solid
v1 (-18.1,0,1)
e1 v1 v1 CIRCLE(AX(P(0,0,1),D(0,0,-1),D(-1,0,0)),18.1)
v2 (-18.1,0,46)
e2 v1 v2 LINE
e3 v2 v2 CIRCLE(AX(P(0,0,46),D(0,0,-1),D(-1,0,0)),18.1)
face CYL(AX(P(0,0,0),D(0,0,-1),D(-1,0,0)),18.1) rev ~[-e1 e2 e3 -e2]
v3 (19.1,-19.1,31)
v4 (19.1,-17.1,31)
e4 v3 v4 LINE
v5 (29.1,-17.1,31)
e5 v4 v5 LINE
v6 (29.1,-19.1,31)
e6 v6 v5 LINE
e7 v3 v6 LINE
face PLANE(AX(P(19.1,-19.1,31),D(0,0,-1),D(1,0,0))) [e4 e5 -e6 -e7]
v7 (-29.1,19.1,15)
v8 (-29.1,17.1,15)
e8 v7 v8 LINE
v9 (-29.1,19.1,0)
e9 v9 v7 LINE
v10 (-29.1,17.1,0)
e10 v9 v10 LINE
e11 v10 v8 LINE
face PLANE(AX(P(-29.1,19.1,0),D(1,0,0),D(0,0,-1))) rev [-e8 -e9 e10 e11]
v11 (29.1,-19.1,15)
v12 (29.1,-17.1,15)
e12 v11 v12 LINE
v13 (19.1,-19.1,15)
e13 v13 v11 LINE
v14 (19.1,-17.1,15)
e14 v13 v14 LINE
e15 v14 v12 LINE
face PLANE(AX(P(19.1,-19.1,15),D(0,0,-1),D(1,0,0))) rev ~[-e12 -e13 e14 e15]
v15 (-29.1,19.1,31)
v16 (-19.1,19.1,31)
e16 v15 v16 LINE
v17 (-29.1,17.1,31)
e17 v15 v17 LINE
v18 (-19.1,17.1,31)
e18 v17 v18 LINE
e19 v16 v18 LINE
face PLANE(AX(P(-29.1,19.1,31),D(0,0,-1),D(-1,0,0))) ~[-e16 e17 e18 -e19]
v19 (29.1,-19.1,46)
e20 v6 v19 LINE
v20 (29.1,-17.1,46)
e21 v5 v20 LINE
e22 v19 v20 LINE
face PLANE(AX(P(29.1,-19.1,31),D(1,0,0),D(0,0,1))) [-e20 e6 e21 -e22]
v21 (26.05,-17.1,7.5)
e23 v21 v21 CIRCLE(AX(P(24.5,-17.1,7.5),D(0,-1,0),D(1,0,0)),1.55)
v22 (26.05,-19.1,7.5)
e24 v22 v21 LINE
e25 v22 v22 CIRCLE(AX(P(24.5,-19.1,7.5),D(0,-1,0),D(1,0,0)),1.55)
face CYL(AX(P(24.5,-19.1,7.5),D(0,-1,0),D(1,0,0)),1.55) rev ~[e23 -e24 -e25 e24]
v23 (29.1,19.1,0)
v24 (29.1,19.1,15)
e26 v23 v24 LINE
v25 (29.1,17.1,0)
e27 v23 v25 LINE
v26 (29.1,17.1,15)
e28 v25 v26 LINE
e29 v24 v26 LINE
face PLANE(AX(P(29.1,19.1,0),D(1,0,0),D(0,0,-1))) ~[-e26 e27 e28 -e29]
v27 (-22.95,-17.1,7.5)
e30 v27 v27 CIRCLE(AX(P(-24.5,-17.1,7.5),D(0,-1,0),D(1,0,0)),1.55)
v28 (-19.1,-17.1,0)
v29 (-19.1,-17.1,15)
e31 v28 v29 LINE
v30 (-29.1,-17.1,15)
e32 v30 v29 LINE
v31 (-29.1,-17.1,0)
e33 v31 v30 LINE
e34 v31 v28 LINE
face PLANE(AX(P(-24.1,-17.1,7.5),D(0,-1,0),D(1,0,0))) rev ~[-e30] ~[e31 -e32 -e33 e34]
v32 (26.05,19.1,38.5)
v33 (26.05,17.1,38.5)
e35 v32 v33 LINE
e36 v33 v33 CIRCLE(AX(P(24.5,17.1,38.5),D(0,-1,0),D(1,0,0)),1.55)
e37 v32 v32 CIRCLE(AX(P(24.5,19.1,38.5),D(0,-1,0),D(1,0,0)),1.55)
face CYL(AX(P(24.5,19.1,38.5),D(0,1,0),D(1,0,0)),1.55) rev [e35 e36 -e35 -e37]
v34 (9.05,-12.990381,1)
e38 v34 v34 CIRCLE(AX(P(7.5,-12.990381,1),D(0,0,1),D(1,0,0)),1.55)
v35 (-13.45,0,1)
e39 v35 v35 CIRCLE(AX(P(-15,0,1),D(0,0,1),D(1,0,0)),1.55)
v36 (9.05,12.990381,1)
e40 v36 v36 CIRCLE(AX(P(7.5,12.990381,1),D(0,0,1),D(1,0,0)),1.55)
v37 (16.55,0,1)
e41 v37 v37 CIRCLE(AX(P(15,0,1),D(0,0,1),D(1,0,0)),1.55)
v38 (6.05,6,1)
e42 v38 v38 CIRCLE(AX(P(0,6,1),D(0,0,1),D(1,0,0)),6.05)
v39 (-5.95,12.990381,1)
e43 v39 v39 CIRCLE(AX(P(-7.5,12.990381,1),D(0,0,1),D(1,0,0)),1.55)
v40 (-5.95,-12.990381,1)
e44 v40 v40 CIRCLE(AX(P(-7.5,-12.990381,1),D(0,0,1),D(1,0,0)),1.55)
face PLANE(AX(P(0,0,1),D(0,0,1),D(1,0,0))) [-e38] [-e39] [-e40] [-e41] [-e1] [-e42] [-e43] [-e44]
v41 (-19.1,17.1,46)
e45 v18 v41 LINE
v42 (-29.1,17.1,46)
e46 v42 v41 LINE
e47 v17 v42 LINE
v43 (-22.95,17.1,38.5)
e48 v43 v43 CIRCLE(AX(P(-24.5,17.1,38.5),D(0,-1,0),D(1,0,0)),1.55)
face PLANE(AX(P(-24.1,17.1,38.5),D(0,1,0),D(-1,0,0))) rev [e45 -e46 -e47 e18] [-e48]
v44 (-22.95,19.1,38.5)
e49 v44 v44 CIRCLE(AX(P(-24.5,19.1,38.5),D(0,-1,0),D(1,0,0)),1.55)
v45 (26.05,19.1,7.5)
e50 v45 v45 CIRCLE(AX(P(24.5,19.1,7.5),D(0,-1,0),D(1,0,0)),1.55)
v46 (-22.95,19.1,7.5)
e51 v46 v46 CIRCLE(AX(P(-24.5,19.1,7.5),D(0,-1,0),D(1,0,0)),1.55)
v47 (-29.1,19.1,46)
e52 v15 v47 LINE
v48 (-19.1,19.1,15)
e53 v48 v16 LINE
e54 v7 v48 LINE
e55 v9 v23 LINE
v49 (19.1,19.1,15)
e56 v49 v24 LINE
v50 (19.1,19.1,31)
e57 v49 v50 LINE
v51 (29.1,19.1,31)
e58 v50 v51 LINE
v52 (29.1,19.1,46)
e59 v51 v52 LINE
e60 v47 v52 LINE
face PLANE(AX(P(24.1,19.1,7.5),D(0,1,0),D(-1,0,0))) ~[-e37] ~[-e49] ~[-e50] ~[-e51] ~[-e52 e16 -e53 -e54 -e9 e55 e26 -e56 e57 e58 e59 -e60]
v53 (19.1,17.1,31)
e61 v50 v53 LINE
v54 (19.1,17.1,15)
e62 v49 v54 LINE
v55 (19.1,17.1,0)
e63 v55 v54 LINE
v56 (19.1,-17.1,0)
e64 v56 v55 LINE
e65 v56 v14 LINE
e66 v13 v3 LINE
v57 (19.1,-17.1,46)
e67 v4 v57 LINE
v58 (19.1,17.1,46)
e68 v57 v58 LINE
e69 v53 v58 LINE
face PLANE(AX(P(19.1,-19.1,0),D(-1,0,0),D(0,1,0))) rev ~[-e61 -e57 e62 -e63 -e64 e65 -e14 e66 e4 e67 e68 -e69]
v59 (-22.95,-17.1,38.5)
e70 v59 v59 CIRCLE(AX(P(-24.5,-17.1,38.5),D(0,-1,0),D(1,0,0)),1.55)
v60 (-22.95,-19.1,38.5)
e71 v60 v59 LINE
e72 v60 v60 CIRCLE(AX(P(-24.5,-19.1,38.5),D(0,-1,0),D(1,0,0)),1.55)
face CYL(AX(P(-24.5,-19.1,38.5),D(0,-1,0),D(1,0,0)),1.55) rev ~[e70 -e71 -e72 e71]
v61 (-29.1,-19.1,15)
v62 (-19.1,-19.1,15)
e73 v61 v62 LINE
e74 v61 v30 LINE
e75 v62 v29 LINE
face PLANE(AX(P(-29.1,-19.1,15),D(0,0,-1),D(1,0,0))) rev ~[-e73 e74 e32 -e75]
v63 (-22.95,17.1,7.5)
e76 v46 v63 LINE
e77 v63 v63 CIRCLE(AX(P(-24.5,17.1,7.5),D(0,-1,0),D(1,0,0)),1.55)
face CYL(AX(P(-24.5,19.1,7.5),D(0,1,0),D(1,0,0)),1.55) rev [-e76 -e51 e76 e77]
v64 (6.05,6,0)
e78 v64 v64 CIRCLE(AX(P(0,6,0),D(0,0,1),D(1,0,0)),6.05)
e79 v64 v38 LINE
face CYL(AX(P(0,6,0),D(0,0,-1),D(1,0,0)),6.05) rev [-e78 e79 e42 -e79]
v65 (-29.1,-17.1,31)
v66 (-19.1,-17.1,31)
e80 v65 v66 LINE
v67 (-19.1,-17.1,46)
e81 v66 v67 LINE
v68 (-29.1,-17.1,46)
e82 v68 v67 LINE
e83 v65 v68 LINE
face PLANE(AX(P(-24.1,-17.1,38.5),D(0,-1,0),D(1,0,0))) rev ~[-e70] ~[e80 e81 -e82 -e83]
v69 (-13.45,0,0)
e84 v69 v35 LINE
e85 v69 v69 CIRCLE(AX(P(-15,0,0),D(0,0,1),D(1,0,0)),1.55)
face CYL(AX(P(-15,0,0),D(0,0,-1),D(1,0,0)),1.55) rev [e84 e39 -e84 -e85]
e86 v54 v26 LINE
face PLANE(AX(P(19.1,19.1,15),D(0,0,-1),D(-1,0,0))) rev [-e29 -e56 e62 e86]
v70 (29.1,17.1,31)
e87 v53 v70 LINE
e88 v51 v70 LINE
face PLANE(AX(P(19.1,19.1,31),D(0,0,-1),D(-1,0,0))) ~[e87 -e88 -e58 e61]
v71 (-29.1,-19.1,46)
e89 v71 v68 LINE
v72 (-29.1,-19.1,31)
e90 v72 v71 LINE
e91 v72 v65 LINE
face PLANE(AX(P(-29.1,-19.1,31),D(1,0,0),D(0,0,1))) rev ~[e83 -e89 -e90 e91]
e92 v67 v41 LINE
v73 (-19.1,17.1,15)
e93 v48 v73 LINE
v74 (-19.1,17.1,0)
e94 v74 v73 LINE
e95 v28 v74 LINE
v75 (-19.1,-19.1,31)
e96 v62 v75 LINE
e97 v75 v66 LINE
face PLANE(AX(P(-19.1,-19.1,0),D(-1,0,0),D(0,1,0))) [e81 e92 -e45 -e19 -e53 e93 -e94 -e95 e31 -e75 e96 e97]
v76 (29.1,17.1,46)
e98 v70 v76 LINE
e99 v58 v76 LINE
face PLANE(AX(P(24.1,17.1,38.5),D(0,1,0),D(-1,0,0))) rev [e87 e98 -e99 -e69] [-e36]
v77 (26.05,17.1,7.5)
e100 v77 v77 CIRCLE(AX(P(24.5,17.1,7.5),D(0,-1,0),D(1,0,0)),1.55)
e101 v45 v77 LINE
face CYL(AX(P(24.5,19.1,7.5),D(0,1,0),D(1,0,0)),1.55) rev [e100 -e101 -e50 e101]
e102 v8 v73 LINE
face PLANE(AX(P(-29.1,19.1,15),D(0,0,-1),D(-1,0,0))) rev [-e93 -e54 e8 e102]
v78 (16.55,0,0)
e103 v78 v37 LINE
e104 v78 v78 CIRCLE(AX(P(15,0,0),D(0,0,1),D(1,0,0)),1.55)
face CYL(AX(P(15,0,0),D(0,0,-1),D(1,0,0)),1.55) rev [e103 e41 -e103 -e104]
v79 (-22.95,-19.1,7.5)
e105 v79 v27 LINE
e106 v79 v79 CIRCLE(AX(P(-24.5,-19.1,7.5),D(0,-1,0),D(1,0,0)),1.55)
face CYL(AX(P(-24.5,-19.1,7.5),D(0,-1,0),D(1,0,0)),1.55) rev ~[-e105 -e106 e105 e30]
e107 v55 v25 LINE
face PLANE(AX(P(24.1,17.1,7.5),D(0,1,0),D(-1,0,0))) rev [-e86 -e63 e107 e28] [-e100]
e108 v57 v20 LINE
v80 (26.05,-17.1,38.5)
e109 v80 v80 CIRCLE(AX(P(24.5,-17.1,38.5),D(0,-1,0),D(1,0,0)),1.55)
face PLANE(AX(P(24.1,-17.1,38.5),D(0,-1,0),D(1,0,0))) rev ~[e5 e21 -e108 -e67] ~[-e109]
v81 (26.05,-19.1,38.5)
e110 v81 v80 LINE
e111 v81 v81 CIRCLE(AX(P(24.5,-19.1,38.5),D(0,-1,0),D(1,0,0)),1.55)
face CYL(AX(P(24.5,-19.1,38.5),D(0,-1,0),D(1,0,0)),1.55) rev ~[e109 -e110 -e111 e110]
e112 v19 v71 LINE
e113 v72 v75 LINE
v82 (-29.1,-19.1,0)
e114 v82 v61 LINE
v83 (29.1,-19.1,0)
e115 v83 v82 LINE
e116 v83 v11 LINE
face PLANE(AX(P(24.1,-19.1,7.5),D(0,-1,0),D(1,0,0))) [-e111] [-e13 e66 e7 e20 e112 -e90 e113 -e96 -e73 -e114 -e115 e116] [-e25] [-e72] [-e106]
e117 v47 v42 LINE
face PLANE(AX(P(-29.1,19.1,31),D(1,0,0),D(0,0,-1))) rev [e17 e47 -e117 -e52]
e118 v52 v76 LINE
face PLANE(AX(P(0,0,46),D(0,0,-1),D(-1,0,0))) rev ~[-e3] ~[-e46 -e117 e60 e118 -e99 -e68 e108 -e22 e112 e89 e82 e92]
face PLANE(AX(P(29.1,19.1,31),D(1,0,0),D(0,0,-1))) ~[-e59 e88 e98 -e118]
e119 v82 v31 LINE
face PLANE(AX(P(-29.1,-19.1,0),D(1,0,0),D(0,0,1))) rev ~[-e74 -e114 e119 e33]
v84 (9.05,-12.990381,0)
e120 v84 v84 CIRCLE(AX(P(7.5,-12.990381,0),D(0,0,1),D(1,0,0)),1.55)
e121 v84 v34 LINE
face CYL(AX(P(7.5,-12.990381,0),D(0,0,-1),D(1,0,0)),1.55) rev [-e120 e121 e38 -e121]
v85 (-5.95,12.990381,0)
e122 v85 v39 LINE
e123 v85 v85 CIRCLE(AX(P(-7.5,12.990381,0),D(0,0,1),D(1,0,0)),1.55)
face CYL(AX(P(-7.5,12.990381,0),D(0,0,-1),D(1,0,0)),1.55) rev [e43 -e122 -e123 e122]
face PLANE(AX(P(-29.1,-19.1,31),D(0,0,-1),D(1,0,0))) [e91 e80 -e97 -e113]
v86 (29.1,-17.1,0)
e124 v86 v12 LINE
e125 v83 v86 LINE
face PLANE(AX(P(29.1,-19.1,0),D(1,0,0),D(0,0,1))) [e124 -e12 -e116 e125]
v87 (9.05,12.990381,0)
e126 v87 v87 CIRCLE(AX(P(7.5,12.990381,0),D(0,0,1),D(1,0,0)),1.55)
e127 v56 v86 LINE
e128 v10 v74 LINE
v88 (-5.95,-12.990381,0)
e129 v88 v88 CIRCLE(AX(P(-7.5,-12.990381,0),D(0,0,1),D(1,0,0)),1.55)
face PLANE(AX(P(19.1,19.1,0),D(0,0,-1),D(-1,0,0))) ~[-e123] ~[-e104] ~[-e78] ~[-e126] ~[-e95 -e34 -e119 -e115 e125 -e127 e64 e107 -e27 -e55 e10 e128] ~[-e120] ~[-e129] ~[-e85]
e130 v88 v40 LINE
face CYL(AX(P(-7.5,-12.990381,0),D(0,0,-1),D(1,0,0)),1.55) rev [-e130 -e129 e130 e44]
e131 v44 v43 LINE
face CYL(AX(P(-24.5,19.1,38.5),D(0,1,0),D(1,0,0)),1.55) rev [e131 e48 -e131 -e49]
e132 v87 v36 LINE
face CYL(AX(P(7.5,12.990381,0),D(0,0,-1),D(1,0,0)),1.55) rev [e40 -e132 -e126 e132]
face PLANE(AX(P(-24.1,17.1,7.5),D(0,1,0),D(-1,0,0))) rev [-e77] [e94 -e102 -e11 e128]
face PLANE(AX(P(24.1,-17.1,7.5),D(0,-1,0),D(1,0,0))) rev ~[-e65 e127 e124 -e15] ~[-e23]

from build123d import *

# Parameters (mm, degrees)
SKETCH1_R           = 18.1
SKETCH1_R_2         = 1.55
SKETCH1_R_3         = 6.05
BOSS_EXTRUDE1_DEPTH = 1
SKETCH2_W           = 38.2
SKETCH2_H           = 38.2
SKETCH2_R           = 18.1
BOSS_EXTRUDE2_DEPTH = 46
SKETCH3_W           = 10
SKETCH3_H           = 15
SKETCH3_R           = 1.55
BOSS_EXTRUDE3_DEPTH = 2


with BuildPart() as part:
    # Sketch1 → Boss-Extrude1 (new body)
    with BuildSketch(Plane.XY):
        Circle(SKETCH1_R)
        with Locations((15, 0)):
            Circle(SKETCH1_R_2, mode=Mode.SUBTRACT)
        with Locations((7.5, 12.990381057)):
            Circle(SKETCH1_R_2, mode=Mode.SUBTRACT)
        with Locations((-7.5, 12.990381057)):
            Circle(SKETCH1_R_2, mode=Mode.SUBTRACT)
        with Locations((0, 6)):
            Circle(SKETCH1_R_3, mode=Mode.SUBTRACT)
        with Locations((-15, 0)):
            Circle(SKETCH1_R_2, mode=Mode.SUBTRACT)
        with Locations((7.5, -12.990381057)):
            Circle(SKETCH1_R_2, mode=Mode.SUBTRACT)
        with Locations((-7.5, -12.990381057)):
            Circle(SKETCH1_R_2, mode=Mode.SUBTRACT)
    extrude(amount=BOSS_EXTRUDE1_DEPTH)

    # Sketch2 → Boss-Extrude2 (add)
    with BuildSketch(Plane(origin=(0, 0, 0), x_dir=(-1, 0, 0), z_dir=(0, 0, -1))):
        Rectangle(SKETCH2_W, SKETCH2_H)
        Circle(SKETCH2_R, mode=Mode.SUBTRACT)
    extrude(amount=-BOSS_EXTRUDE2_DEPTH)

    # Sketch3 → Boss-Extrude3 (add)
    with BuildSketch(Plane.XZ.offset(19.1)):
        with Locations((24.1, 7.5)):
            Rectangle(SKETCH3_W, SKETCH3_H)
        with Locations((24.5, 7.5)):
            Circle(SKETCH3_R, mode=Mode.SUBTRACT)
        with Locations((24.1, 38.5)):
            Rectangle(SKETCH3_W, SKETCH3_H)
        with Locations((24.5, 38.5)):
            Circle(SKETCH3_R, mode=Mode.SUBTRACT)
        with Locations((-24.1, 38.5)):
            Rectangle(SKETCH3_W, SKETCH3_H)
        with Locations((-24.5, 38.5)):
            Circle(SKETCH3_R, mode=Mode.SUBTRACT)
        with Locations((-24.1, 7.5)):
            Rectangle(SKETCH3_W, SKETCH3_H)
        with Locations((-24.5, 7.5)):
            Circle(SKETCH3_R, mode=Mode.SUBTRACT)
    boss_extrude3 = extrude(amount=-BOSS_EXTRUDE3_DEPTH)

    # Mirror1: Boss-Extrude3 across plane
    add(boss_extrude3.mirror(Plane.ZX))


solid = part.part
